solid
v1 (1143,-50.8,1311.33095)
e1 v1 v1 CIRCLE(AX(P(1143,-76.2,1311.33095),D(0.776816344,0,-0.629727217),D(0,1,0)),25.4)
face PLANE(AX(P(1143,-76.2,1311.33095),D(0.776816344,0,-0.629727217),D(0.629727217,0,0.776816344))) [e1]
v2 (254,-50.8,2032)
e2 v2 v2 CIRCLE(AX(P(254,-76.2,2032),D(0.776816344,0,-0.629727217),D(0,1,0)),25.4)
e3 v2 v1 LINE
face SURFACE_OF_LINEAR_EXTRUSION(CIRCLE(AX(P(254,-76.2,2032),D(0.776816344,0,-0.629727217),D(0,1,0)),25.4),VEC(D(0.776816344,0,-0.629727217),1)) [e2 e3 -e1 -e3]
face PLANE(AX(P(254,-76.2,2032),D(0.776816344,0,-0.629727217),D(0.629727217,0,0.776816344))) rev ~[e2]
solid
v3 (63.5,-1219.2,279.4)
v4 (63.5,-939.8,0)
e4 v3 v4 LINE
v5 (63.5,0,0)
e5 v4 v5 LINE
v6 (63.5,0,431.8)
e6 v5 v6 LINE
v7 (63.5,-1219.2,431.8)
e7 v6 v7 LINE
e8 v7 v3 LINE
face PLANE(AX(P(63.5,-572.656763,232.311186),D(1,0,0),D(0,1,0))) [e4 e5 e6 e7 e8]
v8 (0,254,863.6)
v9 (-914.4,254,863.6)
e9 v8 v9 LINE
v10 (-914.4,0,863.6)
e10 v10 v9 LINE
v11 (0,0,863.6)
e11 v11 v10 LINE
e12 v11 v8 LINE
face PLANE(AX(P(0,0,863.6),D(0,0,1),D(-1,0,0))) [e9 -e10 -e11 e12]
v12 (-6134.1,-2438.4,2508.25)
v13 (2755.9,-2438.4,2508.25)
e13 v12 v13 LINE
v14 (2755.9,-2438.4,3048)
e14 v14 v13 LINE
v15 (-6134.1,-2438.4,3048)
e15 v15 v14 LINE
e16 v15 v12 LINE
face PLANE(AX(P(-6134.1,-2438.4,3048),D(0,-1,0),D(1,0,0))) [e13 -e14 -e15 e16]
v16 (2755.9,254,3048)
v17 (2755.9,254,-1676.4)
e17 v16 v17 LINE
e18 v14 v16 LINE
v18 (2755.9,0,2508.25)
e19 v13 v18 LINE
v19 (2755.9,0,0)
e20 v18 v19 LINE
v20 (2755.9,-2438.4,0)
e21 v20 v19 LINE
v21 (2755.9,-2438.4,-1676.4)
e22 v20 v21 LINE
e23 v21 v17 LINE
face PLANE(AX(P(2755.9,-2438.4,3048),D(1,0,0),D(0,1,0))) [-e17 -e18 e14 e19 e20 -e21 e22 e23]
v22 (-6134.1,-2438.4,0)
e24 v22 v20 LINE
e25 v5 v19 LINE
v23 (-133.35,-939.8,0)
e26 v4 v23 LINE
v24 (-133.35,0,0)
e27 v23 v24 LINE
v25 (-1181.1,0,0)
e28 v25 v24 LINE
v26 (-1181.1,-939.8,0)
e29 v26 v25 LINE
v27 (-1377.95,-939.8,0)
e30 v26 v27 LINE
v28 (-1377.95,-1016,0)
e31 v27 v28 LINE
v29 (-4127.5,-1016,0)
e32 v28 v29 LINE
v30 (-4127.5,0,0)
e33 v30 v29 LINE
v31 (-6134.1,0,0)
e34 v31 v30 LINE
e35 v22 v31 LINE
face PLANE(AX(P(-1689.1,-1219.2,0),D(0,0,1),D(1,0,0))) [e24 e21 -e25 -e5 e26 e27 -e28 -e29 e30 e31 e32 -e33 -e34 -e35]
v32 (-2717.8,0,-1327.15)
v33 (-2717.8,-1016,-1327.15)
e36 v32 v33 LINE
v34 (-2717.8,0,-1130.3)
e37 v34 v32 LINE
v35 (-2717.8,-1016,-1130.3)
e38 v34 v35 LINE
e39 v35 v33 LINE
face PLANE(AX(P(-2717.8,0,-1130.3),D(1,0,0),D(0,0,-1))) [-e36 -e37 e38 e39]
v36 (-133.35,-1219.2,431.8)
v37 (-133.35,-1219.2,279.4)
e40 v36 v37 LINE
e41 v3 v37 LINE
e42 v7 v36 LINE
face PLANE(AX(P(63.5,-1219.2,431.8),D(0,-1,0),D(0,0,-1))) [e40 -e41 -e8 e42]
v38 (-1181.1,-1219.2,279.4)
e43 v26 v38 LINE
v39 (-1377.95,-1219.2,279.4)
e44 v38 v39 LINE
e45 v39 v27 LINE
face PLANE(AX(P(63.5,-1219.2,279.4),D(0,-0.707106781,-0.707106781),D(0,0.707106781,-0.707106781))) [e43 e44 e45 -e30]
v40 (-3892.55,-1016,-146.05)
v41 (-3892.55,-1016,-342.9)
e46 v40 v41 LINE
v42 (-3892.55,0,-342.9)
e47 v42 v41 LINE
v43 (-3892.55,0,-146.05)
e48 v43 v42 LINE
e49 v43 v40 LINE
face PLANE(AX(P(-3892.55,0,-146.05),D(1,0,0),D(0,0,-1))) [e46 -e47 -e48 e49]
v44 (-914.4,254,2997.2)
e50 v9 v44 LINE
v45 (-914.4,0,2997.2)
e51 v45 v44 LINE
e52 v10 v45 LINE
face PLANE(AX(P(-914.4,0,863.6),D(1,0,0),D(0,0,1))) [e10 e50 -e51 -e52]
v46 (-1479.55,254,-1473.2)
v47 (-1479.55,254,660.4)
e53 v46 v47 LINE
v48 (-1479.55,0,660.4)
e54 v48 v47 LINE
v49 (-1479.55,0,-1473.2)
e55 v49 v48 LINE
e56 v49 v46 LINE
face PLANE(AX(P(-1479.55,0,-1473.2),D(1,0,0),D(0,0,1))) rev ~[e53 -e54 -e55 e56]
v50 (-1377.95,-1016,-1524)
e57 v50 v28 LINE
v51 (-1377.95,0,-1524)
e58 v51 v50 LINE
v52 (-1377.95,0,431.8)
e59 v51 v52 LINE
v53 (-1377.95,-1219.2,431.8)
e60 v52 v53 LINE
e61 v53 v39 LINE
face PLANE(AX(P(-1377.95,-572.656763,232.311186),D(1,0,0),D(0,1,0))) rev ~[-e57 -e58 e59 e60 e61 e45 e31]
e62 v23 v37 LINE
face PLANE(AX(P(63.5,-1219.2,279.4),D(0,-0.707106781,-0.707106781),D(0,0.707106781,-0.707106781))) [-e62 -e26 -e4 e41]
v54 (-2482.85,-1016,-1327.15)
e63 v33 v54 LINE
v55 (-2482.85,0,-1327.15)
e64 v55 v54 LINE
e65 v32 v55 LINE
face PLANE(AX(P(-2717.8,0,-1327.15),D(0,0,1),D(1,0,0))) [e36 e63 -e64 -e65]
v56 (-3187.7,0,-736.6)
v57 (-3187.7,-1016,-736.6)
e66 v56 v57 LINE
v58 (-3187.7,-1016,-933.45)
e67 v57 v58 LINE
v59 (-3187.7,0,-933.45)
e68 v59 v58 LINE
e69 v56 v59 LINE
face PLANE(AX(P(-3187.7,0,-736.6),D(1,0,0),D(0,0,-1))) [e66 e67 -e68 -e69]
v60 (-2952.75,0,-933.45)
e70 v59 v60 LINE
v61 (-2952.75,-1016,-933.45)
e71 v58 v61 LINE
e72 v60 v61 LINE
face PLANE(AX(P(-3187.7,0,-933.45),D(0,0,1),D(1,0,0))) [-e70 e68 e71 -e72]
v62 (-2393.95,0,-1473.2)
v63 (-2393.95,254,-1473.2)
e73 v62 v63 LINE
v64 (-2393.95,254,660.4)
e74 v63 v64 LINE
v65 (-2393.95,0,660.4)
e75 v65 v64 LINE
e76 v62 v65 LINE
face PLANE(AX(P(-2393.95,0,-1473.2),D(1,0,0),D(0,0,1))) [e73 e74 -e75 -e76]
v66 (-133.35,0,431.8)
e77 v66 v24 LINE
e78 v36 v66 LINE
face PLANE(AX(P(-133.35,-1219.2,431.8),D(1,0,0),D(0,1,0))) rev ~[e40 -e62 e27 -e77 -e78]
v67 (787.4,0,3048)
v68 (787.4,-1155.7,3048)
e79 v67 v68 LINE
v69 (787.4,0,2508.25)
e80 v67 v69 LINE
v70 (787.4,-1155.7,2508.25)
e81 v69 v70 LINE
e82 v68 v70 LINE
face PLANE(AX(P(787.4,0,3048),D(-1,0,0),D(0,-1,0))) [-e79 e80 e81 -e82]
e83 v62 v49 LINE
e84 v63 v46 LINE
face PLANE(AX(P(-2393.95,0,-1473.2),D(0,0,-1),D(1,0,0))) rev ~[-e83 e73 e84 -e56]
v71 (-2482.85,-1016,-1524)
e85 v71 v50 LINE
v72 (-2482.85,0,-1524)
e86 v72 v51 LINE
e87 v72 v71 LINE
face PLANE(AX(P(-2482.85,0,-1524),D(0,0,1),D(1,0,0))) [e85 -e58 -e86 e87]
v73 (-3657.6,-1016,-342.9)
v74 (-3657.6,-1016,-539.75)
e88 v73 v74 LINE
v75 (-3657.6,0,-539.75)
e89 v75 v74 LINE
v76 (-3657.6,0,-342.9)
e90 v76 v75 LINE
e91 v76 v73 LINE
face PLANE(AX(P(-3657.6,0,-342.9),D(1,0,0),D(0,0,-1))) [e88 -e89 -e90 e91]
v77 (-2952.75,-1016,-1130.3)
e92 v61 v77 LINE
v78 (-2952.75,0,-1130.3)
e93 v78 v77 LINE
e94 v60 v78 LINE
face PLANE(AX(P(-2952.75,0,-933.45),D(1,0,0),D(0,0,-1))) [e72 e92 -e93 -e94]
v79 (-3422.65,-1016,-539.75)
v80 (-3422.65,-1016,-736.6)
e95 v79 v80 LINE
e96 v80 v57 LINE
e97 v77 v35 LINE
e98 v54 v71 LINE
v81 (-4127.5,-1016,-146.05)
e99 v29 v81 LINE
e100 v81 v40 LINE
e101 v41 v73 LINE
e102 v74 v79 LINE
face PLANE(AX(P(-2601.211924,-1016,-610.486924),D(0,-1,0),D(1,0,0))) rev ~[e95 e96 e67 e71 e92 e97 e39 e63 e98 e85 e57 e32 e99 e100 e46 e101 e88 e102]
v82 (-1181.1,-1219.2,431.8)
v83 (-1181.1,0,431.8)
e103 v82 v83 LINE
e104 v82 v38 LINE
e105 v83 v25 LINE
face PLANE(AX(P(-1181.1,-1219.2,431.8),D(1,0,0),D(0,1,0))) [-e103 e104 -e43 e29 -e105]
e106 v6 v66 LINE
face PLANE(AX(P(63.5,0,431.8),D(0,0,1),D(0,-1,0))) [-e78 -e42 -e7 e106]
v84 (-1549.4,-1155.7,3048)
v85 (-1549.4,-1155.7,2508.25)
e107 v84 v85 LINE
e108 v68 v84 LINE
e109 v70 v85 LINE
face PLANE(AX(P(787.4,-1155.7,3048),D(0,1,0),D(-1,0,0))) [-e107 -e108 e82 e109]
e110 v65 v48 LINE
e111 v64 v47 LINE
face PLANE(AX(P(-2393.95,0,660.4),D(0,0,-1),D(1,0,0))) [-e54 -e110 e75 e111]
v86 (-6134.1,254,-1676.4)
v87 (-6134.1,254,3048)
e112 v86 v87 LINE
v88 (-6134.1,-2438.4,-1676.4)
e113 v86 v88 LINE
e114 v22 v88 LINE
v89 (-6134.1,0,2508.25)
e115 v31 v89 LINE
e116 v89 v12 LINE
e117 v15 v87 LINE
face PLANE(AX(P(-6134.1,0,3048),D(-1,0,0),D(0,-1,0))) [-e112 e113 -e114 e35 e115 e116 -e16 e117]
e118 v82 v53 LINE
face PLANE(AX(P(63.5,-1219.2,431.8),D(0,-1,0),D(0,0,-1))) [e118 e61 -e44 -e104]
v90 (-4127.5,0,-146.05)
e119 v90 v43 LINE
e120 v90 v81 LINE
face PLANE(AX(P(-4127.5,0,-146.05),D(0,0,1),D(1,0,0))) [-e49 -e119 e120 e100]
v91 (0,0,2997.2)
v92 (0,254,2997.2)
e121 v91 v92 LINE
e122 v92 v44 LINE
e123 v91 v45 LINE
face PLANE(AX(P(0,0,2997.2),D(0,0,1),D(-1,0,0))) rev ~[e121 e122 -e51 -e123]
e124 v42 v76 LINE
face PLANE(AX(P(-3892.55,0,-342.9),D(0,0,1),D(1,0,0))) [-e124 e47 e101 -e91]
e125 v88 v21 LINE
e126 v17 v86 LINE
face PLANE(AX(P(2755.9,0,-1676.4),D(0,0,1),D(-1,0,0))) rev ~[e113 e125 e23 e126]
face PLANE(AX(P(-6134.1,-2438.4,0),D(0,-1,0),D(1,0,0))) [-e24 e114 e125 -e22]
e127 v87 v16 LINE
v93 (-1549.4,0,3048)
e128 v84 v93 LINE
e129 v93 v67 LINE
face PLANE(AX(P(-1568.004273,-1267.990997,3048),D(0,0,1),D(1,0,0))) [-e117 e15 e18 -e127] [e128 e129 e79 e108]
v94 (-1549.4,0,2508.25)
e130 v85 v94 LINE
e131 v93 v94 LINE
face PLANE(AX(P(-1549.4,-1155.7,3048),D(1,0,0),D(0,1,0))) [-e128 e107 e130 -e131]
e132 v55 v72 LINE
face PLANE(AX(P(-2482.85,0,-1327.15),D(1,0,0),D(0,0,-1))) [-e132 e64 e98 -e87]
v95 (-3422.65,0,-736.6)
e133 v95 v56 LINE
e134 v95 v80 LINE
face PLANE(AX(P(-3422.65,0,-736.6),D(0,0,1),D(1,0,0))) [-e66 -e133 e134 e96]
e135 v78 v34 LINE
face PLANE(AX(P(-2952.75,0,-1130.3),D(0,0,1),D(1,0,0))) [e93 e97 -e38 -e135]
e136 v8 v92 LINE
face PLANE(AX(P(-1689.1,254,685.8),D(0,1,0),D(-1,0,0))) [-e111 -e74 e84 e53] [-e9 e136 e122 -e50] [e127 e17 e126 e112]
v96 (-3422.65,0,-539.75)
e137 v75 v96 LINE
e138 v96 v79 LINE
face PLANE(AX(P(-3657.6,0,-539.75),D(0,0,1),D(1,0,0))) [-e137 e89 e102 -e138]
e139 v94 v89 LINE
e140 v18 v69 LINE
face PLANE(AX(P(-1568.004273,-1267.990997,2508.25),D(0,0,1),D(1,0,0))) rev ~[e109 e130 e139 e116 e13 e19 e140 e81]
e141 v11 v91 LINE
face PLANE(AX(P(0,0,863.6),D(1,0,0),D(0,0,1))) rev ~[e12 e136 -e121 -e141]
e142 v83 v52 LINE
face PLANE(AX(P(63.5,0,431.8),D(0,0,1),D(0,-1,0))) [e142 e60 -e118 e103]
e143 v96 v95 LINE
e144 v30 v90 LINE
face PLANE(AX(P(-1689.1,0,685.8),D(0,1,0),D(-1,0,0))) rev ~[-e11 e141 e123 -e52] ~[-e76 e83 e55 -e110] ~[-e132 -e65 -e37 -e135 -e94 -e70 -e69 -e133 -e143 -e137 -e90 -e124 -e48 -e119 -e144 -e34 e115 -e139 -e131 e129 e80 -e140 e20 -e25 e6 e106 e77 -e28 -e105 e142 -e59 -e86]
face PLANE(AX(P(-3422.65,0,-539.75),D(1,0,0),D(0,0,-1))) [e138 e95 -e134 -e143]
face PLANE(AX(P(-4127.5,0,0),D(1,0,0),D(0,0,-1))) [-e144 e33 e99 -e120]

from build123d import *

# Parameters (mm, degrees)
F0_W      = 8890
F0_H      = 2438.4
F1_DEPTH  = 1676.4
F2_W      = 914.4
F2_H      = 2133.6
F3_DEPTH  = 254
F7_DEPTH  = 1441.45
F8_W      = 1047.75
F8_H      = 1219.2
F9_DEPTH  = 431.8
F11_DEPTH = 1016
F13_DEPTH = 539.75
F17_R     = 25.4
F19_W     = 914.4
F19_H     = 2133.6
F20_DEPTH = 254


with BuildPart() as f1:
    # F0 (on Top) → F1 (new body)
    with BuildSketch(Plane.XY):
        with Locations((-1689.1, -1219.2)):
            Rectangle(F0_W, F0_H)
    extrude(amount=-F1_DEPTH)

    # F2 (on face) → F3 (join)
    with BuildSketch(Plane(origin=(0, 0, 0), x_dir=(-1, 0, 0), z_dir=(0, 1, 0))):
        Polygon((6134.1, 0), (6134.1, 3048), (-2755.9, 3048), (-2755.9, 0), (-2755.9, -1676.4), (6134.1, -1676.4), align=None)
        with Locations((457.2, 1930.4)):
            Rectangle(F2_W, F2_H, mode=Mode.SUBTRACT)
    extrude(amount=F3_DEPTH)

    # F6 (on offset) → F7 (join, through all)
    with BuildSketch(Plane.YZ.offset(63.5)):
        Polygon((-939.8, 0), (0, 0), (0, 431.8), (-1219.2, 431.8), (-1219.2, 279.4), align=None)
    extrude(amount=-F7_DEPTH)

    # F8 (on face) → F9 (cut, through all)
    with BuildSketch(Plane.XY.offset(431.8)):
        with Locations((-657.225, -609.6)):
            Rectangle(F8_W, F8_H)
    extrude(amount=-F9_DEPTH, mode=Mode.SUBTRACT)

    # F10 (on face) → F11 (cut)
    with BuildSketch(Plane.XZ):
        Polygon((-1377.95, -1524), (-1377.95, 0), (-4127.5, 0), (-4127.5, -146.05), (-3892.55, -146.05), (-3892.55, -342.9), (-3657.6, -342.9), (-3657.6, -539.75), (-3422.65, -539.75), (-3422.65, -736.6), (-3187.7, -736.6), (-3187.7, -933.45), (-2952.75, -933.45), (-2952.75, -1130.3), (-2717.8, -1130.3), (-2717.8, -1327.15), (-2482.85, -1327.15), (-2482.85, -1524), align=None)
    extrude(amount=F11_DEPTH, mode=Mode.SUBTRACT)

    # F12 (on face) → F13 (join)
    with BuildSketch(Plane.XY.offset(3048)):
        Polygon((-1549.4, 0), (-6134.1, 0), (-6134.1, -2438.4), (2755.9, -2438.4), (2755.9, 0), (787.4, 0), (787.4, -1155.7), (-1549.4, -1155.7), align=None)
    extrude(amount=-F13_DEPTH)

    # F19 (on face) → F20 (cut, through all)
    with BuildSketch(Plane.XZ):
        with Locations((-1936.75, -406.4)):
            Rectangle(F19_W, F19_H)
    extrude(amount=-F20_DEPTH, mode=Mode.SUBTRACT)


with BuildPart() as f18:
    # F18: sweep along a path in F15
    with BuildLine(Plane.XZ.offset(76.2)) as f18_path:
        Line((254, 2032), (1143, 1311.3309500408))
    # F17 (on line) → F18 (sweep)
    with BuildSketch(Plane(origin=(48.2560568288, 0, -39.1188376035), x_dir=(0, 1, 0), z_dir=(0.7768163436, 0, -0.6297272174))):
        with Locations((-76.2, 1738.441523336)):
            Circle(F17_R)
    sweep(path=f18_path.line)


solid = Compound([f1.part, f18.part])
